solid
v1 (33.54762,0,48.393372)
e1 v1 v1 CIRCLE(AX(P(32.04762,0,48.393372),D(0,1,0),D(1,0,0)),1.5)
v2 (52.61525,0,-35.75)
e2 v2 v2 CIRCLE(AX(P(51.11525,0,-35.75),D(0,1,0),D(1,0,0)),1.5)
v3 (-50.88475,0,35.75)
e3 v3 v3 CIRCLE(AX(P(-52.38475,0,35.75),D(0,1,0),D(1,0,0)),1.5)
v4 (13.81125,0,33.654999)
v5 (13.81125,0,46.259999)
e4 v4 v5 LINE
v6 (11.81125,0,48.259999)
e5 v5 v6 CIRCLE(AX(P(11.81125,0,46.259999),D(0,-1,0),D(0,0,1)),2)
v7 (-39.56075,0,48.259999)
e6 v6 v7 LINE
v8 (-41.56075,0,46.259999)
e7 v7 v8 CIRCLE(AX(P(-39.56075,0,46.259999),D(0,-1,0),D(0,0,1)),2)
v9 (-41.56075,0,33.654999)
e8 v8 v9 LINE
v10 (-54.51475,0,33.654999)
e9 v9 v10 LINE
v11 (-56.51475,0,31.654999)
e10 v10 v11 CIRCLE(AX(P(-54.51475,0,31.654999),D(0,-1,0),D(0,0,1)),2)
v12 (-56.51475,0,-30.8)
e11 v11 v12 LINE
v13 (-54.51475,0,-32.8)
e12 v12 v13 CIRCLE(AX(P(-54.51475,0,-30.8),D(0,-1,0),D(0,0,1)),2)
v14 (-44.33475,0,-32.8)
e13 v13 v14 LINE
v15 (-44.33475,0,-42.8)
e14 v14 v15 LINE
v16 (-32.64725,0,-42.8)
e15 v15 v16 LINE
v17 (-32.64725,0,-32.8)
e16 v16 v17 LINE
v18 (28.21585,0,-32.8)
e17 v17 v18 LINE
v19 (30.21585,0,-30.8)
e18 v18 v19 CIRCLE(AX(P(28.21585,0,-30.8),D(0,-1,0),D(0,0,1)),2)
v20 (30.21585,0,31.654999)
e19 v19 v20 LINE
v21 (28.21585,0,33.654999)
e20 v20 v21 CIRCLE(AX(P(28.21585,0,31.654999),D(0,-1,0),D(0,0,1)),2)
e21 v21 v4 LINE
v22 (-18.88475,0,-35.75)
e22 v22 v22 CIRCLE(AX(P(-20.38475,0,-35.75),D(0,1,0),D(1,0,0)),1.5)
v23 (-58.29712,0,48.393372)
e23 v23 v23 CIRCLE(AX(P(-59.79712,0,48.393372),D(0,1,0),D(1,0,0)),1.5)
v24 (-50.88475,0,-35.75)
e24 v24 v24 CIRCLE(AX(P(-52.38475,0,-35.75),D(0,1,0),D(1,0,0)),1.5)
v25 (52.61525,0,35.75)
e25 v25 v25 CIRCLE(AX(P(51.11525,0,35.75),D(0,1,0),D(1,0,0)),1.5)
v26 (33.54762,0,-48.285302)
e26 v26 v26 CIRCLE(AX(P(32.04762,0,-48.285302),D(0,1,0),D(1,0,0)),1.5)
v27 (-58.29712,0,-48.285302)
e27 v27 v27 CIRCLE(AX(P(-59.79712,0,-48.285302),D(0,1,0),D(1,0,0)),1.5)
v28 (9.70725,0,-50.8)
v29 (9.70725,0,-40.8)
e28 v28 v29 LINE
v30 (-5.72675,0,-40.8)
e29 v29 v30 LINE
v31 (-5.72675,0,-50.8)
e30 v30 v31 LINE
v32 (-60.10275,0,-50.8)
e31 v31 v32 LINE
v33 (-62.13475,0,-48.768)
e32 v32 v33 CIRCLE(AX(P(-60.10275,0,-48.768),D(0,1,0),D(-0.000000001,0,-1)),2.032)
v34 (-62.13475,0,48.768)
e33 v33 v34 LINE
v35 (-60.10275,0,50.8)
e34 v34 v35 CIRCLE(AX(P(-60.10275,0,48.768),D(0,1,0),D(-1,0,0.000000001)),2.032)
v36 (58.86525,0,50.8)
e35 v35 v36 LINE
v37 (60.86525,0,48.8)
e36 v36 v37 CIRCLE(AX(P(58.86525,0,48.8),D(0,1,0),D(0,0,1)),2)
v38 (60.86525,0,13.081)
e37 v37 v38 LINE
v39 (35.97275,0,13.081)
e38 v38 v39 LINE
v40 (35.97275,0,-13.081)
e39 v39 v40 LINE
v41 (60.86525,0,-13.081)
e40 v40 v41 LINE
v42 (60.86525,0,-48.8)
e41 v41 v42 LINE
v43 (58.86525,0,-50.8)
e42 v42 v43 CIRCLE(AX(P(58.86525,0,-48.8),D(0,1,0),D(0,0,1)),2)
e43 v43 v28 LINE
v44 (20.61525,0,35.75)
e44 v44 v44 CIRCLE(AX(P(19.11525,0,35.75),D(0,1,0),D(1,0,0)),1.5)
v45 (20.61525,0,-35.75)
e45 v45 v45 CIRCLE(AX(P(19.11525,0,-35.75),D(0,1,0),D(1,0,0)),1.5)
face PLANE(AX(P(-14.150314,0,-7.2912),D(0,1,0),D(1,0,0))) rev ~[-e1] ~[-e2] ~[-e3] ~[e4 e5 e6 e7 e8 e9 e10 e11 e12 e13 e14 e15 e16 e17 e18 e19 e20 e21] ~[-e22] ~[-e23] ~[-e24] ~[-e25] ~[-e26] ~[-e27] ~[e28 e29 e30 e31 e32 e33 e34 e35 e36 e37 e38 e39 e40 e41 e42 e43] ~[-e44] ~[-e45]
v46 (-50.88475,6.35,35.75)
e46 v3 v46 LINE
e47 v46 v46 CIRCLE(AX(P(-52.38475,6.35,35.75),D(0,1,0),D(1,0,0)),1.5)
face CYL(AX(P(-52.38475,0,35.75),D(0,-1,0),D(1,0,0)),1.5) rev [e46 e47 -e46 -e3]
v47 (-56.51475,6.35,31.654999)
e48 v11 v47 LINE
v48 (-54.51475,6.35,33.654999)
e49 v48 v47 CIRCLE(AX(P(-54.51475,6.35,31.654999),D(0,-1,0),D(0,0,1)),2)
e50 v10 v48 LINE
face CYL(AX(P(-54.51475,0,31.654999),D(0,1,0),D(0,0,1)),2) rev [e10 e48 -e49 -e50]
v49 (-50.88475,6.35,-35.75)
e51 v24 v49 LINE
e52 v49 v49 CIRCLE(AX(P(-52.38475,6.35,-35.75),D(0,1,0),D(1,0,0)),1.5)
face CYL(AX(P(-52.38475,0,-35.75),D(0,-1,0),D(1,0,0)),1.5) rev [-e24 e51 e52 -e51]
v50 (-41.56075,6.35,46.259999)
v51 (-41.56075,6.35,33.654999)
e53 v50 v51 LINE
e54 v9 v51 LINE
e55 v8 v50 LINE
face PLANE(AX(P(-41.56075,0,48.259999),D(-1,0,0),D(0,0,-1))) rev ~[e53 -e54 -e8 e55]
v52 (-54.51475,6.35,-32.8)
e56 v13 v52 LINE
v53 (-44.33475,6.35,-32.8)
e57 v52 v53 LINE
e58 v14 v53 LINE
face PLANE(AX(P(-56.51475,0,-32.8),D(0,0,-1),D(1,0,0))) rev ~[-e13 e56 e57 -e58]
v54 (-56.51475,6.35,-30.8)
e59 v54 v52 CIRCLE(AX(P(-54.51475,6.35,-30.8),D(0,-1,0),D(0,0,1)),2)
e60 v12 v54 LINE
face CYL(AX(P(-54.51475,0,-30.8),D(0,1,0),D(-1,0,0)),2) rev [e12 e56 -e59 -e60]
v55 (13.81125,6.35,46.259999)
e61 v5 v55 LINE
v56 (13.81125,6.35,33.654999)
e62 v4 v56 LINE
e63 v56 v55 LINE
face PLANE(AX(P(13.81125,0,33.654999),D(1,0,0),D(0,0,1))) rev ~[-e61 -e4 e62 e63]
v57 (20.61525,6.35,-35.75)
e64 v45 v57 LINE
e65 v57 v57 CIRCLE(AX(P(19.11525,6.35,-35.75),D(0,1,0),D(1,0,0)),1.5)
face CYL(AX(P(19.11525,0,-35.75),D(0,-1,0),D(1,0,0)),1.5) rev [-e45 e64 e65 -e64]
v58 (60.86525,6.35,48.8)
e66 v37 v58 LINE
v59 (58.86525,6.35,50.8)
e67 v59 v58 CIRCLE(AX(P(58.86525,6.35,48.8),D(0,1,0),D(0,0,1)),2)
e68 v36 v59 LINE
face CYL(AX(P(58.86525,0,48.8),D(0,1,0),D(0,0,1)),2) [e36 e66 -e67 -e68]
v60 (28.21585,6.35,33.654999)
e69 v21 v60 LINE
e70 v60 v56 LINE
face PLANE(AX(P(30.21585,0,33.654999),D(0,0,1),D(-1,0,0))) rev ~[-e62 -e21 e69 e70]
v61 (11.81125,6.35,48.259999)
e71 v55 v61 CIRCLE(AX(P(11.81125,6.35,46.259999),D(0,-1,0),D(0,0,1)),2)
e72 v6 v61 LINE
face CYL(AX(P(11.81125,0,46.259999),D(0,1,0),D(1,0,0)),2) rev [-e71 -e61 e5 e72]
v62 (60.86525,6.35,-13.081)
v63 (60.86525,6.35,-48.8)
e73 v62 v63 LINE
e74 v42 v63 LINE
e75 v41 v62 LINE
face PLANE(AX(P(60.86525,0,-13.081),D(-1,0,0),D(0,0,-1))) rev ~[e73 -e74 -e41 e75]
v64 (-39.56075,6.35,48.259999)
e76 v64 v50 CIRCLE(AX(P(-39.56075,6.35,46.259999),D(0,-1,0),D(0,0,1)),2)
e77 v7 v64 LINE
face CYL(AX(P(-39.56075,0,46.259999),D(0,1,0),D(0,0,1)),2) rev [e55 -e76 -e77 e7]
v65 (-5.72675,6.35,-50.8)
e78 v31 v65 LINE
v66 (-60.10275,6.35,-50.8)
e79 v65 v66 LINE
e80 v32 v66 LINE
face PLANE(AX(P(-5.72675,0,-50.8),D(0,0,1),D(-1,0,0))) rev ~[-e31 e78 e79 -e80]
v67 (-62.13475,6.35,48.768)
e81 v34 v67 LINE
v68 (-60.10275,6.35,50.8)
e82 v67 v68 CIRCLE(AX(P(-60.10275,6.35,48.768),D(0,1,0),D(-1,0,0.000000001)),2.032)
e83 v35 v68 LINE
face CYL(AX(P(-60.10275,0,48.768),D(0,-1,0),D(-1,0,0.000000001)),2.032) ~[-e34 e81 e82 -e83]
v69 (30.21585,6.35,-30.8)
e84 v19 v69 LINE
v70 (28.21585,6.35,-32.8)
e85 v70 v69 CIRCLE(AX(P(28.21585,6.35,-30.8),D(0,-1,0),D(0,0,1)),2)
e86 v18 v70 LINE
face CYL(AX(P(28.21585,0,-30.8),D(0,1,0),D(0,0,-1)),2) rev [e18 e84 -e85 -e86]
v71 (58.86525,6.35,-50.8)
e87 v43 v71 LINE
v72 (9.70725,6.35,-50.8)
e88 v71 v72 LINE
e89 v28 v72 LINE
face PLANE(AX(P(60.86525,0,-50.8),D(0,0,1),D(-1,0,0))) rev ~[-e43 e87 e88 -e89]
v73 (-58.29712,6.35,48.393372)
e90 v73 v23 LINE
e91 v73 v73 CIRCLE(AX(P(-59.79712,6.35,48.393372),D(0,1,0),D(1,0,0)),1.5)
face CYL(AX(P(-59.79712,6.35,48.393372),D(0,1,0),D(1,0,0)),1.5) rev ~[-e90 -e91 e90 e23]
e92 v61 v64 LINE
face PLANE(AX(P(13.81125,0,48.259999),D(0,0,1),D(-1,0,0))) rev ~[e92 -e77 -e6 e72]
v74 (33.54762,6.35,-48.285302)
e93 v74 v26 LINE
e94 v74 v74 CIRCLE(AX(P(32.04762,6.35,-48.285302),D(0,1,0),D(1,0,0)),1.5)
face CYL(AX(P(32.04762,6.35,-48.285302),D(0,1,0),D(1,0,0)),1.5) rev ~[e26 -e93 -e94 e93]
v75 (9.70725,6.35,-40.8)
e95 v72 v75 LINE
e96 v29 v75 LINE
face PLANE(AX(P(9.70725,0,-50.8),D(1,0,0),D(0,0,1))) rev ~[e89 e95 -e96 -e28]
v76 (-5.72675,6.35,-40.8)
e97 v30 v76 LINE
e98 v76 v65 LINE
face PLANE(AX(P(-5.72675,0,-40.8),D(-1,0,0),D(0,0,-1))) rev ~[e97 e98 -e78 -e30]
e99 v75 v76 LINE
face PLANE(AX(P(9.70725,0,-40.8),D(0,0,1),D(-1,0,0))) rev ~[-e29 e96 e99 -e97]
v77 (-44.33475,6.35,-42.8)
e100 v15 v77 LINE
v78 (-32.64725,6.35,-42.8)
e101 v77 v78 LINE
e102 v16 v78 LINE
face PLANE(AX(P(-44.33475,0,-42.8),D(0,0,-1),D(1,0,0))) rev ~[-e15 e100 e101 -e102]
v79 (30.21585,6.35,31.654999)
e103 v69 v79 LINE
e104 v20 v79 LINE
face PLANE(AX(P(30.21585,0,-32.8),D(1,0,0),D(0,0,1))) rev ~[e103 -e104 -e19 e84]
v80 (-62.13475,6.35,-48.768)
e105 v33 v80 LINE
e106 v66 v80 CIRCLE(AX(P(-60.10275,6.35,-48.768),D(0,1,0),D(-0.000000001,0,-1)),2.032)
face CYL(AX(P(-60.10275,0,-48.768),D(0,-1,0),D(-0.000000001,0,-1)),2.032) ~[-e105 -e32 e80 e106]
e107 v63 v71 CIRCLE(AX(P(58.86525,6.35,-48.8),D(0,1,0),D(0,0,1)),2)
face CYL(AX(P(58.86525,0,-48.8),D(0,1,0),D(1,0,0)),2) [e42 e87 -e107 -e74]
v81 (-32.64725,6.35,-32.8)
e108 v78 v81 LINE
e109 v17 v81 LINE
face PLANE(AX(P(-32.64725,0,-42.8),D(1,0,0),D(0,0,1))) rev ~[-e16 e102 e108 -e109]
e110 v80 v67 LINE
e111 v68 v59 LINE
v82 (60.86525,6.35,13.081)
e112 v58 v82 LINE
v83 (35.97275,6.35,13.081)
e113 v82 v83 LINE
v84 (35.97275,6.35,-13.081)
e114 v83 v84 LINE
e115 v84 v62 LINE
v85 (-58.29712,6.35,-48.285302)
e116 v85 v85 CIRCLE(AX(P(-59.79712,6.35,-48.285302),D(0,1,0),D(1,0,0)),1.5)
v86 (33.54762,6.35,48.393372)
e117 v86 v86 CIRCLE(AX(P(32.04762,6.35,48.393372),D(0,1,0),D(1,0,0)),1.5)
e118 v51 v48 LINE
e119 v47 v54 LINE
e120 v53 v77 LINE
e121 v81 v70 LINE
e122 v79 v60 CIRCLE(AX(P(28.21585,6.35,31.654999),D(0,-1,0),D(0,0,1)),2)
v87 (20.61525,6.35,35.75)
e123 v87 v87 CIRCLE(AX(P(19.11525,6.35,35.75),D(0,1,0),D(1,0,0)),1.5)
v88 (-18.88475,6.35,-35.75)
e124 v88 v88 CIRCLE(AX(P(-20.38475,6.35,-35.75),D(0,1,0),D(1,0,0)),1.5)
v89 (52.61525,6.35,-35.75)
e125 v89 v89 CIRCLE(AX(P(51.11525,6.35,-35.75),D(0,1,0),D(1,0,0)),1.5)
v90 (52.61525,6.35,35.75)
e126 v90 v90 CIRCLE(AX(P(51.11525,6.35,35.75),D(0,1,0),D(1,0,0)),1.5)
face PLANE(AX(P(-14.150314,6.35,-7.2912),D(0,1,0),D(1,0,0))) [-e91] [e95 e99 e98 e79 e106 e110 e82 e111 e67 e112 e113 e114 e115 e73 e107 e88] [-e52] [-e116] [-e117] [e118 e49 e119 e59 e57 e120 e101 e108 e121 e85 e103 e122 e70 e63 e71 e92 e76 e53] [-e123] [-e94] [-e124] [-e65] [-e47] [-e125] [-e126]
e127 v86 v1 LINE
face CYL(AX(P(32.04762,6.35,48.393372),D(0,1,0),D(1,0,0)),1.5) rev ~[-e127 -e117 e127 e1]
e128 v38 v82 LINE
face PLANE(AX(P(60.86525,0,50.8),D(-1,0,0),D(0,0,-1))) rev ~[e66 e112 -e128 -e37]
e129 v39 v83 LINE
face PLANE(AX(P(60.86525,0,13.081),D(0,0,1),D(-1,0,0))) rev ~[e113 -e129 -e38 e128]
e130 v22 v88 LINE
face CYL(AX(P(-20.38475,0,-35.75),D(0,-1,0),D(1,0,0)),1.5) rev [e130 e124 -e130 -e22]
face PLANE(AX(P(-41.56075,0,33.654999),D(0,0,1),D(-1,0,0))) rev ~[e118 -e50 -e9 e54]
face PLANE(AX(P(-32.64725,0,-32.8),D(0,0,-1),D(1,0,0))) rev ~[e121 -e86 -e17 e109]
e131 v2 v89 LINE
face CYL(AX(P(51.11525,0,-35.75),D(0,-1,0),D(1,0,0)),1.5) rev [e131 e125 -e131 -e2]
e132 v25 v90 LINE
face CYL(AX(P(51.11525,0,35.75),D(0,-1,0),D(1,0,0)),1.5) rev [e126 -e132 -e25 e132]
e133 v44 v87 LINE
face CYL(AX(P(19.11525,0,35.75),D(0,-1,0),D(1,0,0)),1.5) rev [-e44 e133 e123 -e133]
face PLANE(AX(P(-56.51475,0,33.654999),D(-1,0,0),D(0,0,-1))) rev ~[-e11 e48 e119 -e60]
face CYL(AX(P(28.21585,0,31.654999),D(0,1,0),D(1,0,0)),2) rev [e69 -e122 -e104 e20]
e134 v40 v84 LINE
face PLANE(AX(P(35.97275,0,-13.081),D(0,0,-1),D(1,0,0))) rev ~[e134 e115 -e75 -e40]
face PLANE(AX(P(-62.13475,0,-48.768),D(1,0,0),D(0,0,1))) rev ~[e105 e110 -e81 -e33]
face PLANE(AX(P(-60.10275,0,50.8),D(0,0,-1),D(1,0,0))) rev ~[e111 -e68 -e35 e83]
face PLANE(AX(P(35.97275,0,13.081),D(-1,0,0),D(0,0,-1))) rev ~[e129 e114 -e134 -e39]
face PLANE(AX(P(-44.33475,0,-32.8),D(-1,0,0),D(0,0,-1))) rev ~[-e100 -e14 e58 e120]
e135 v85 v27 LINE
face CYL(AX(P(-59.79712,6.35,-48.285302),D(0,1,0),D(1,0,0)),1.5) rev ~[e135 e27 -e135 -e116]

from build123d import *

# Parameters (mm, degrees)
SKETCH1_R           = 1.5
BOSS_EXTRUDE1_DEPTH = 6.35
FILLET1_R           = 2
SKETCH2_R           = 1.5
CUT_EXTRUDE1_DEPTH  = 7.35


with BuildPart() as part:
    # Sketch1 → Boss-Extrude1 (new body)
    with BuildSketch(Plane(origin=(0, 0, 0), x_dir=(1, 0, 0), z_dir=(0, 1, 0))):
        Polygon((-32.64725, 32.8), (30.21585, 32.8), (30.21585, -33.654999237), (13.81125, -33.654999237), (13.81125, -44), (34.38525, -44), (34.38525, 44), (9.70725, 44), (9.70725, 40.8), (-5.72675, 40.8), (-5.72675, 44), (-62.13475, 44), (-62.13475, -44), (-41.56075, -44), (-41.56075, -33.654999237), (-56.51475, -33.654999237), (-56.51475, 32.8), (-44.33475, 32.8), (-44.33475, 42.8), (-32.64725, 42.8), align=None)
        with Locations((-52.38475, -35.75)):
            Circle(SKETCH1_R, mode=Mode.SUBTRACT)
        with Locations((19.11525, -35.75)):
            Circle(SKETCH1_R, mode=Mode.SUBTRACT)
        with Locations((-52.38475, 35.75)):
            Circle(SKETCH1_R, mode=Mode.SUBTRACT)
        with Locations((-20.38475, 35.75)):
            Circle(SKETCH1_R, mode=Mode.SUBTRACT)
        with Locations((19.11525, 35.75)):
            Circle(SKETCH1_R, mode=Mode.SUBTRACT)
        with BuildLine():
            Line((34.38525, -44), (13.81125, -44))
            Line((13.81125, -44), (13.81125, -48.259999237))
            Line((13.81125, -48.259999237), (-41.56075, -48.259999237))
            Line((-41.56075, -48.259999237), (-41.56075, -44))
            Line((-41.56075, -44), (-62.13475, -44))
            Line((-62.13475, -44), (-62.13475, -48.768))
            ThreePointArc((-62.13475, -48.768), (-61.539590979, -50.204840979), (-60.10275, -50.8))
            Line((-60.10275, -50.8), (32.35325, -50.8))
            ThreePointArc((32.35325, -50.8), (33.790090979, -50.204840979), (34.38525, -48.768))
            Line((34.38525, -48.768), (34.38525, -44))
        make_face()
        with BuildLine():
            Line((-62.13475, 48.768), (-62.13475, 44))
            Line((-62.13475, 44), (-5.72675, 44))
            Line((-5.72675, 44), (-5.72675, 50.8))
            Line((-5.72675, 50.8), (-60.10275, 50.8))
            ThreePointArc((-60.10275, 50.8), (-61.539590979, 50.204840979), (-62.13475, 48.768))
        make_face()
        with BuildLine():
            Line((9.70725, 44), (34.38525, 44))
            Line((34.38525, 44), (34.38525, 48.768))
            ThreePointArc((34.38525, 48.768), (33.790090979, 50.204840979), (32.35325, 50.8))
            Line((32.35325, 50.8), (9.70725, 50.8))
            Line((9.70725, 50.8), (9.70725, 44))
        make_face()
        with BuildLine():
            Line((34.38525, 48.768), (34.38525, 44))
            Line((34.38525, 44), (60.86525, 44))
            Line((60.86525, 44), (60.86525, 50.8))
            Line((60.86525, 50.8), (32.35325, 50.8))
            ThreePointArc((32.35325, 50.8), (33.790090979, 50.204840979), (34.38525, 48.768))
        make_face()
        Polygon((34.38525, 44), (34.38525, -44), (60.86525, -44), (60.86525, -13.081), (35.97275, -13.081), (35.97275, 13.081), (60.86525, 13.081), (60.86525, 44), align=None)
        with Locations((51.11525, -35.75)):
            Circle(SKETCH1_R, mode=Mode.SUBTRACT)
        with Locations((51.11525, 35.75)):
            Circle(SKETCH1_R, mode=Mode.SUBTRACT)
        with BuildLine():
            Line((60.86525, -44), (34.38525, -44))
            Line((34.38525, -44), (34.38525, -48.768))
            ThreePointArc((34.38525, -48.768), (33.790090979, -50.204840979), (32.35325, -50.8))
            Line((32.35325, -50.8), (60.86525, -50.8))
            Line((60.86525, -50.8), (60.86525, -44))
        make_face()
    extrude(amount=BOSS_EXTRUDE1_DEPTH)

    # Fillet1
    fillet1_edges = [part.edges().sort_by_distance(p)[0] for p in [
        (60.86525, 3.175, -50.8),
        (60.86525, 3.175, 50.8),
        (30.21585, 3.175, 33.654999237),
        (30.21585, 3.175, -32.8),
        (-56.51475, 3.175, -32.8),
        (-56.51475, 3.175, 33.654999237),
        (-41.56075, 3.175, 48.259999237),
        (13.81125, 3.175, 48.259999237),
    ]]
    fillet(fillet1_edges, radius=FILLET1_R)

    # Sketch2 → Cut-Extrude1 (cut, through all)
    with BuildSketch(Plane(origin=(0, 6.35, 0), x_dir=(1, 0, 0), z_dir=(0, 1, 0))):
        with Locations((-59.79712037, -48.3933723)):
            Circle(SKETCH2_R)
        with Locations((32.04762038, -48.3933723)):
            Circle(SKETCH2_R)
        with Locations((32.04762038, 48.28530217)):
            Circle(SKETCH2_R)
        with Locations((-59.79712037, 48.28530217)):
            Circle(SKETCH2_R)
    extrude(amount=-CUT_EXTRUDE1_DEPTH, mode=Mode.SUBTRACT)


solid = part.part
